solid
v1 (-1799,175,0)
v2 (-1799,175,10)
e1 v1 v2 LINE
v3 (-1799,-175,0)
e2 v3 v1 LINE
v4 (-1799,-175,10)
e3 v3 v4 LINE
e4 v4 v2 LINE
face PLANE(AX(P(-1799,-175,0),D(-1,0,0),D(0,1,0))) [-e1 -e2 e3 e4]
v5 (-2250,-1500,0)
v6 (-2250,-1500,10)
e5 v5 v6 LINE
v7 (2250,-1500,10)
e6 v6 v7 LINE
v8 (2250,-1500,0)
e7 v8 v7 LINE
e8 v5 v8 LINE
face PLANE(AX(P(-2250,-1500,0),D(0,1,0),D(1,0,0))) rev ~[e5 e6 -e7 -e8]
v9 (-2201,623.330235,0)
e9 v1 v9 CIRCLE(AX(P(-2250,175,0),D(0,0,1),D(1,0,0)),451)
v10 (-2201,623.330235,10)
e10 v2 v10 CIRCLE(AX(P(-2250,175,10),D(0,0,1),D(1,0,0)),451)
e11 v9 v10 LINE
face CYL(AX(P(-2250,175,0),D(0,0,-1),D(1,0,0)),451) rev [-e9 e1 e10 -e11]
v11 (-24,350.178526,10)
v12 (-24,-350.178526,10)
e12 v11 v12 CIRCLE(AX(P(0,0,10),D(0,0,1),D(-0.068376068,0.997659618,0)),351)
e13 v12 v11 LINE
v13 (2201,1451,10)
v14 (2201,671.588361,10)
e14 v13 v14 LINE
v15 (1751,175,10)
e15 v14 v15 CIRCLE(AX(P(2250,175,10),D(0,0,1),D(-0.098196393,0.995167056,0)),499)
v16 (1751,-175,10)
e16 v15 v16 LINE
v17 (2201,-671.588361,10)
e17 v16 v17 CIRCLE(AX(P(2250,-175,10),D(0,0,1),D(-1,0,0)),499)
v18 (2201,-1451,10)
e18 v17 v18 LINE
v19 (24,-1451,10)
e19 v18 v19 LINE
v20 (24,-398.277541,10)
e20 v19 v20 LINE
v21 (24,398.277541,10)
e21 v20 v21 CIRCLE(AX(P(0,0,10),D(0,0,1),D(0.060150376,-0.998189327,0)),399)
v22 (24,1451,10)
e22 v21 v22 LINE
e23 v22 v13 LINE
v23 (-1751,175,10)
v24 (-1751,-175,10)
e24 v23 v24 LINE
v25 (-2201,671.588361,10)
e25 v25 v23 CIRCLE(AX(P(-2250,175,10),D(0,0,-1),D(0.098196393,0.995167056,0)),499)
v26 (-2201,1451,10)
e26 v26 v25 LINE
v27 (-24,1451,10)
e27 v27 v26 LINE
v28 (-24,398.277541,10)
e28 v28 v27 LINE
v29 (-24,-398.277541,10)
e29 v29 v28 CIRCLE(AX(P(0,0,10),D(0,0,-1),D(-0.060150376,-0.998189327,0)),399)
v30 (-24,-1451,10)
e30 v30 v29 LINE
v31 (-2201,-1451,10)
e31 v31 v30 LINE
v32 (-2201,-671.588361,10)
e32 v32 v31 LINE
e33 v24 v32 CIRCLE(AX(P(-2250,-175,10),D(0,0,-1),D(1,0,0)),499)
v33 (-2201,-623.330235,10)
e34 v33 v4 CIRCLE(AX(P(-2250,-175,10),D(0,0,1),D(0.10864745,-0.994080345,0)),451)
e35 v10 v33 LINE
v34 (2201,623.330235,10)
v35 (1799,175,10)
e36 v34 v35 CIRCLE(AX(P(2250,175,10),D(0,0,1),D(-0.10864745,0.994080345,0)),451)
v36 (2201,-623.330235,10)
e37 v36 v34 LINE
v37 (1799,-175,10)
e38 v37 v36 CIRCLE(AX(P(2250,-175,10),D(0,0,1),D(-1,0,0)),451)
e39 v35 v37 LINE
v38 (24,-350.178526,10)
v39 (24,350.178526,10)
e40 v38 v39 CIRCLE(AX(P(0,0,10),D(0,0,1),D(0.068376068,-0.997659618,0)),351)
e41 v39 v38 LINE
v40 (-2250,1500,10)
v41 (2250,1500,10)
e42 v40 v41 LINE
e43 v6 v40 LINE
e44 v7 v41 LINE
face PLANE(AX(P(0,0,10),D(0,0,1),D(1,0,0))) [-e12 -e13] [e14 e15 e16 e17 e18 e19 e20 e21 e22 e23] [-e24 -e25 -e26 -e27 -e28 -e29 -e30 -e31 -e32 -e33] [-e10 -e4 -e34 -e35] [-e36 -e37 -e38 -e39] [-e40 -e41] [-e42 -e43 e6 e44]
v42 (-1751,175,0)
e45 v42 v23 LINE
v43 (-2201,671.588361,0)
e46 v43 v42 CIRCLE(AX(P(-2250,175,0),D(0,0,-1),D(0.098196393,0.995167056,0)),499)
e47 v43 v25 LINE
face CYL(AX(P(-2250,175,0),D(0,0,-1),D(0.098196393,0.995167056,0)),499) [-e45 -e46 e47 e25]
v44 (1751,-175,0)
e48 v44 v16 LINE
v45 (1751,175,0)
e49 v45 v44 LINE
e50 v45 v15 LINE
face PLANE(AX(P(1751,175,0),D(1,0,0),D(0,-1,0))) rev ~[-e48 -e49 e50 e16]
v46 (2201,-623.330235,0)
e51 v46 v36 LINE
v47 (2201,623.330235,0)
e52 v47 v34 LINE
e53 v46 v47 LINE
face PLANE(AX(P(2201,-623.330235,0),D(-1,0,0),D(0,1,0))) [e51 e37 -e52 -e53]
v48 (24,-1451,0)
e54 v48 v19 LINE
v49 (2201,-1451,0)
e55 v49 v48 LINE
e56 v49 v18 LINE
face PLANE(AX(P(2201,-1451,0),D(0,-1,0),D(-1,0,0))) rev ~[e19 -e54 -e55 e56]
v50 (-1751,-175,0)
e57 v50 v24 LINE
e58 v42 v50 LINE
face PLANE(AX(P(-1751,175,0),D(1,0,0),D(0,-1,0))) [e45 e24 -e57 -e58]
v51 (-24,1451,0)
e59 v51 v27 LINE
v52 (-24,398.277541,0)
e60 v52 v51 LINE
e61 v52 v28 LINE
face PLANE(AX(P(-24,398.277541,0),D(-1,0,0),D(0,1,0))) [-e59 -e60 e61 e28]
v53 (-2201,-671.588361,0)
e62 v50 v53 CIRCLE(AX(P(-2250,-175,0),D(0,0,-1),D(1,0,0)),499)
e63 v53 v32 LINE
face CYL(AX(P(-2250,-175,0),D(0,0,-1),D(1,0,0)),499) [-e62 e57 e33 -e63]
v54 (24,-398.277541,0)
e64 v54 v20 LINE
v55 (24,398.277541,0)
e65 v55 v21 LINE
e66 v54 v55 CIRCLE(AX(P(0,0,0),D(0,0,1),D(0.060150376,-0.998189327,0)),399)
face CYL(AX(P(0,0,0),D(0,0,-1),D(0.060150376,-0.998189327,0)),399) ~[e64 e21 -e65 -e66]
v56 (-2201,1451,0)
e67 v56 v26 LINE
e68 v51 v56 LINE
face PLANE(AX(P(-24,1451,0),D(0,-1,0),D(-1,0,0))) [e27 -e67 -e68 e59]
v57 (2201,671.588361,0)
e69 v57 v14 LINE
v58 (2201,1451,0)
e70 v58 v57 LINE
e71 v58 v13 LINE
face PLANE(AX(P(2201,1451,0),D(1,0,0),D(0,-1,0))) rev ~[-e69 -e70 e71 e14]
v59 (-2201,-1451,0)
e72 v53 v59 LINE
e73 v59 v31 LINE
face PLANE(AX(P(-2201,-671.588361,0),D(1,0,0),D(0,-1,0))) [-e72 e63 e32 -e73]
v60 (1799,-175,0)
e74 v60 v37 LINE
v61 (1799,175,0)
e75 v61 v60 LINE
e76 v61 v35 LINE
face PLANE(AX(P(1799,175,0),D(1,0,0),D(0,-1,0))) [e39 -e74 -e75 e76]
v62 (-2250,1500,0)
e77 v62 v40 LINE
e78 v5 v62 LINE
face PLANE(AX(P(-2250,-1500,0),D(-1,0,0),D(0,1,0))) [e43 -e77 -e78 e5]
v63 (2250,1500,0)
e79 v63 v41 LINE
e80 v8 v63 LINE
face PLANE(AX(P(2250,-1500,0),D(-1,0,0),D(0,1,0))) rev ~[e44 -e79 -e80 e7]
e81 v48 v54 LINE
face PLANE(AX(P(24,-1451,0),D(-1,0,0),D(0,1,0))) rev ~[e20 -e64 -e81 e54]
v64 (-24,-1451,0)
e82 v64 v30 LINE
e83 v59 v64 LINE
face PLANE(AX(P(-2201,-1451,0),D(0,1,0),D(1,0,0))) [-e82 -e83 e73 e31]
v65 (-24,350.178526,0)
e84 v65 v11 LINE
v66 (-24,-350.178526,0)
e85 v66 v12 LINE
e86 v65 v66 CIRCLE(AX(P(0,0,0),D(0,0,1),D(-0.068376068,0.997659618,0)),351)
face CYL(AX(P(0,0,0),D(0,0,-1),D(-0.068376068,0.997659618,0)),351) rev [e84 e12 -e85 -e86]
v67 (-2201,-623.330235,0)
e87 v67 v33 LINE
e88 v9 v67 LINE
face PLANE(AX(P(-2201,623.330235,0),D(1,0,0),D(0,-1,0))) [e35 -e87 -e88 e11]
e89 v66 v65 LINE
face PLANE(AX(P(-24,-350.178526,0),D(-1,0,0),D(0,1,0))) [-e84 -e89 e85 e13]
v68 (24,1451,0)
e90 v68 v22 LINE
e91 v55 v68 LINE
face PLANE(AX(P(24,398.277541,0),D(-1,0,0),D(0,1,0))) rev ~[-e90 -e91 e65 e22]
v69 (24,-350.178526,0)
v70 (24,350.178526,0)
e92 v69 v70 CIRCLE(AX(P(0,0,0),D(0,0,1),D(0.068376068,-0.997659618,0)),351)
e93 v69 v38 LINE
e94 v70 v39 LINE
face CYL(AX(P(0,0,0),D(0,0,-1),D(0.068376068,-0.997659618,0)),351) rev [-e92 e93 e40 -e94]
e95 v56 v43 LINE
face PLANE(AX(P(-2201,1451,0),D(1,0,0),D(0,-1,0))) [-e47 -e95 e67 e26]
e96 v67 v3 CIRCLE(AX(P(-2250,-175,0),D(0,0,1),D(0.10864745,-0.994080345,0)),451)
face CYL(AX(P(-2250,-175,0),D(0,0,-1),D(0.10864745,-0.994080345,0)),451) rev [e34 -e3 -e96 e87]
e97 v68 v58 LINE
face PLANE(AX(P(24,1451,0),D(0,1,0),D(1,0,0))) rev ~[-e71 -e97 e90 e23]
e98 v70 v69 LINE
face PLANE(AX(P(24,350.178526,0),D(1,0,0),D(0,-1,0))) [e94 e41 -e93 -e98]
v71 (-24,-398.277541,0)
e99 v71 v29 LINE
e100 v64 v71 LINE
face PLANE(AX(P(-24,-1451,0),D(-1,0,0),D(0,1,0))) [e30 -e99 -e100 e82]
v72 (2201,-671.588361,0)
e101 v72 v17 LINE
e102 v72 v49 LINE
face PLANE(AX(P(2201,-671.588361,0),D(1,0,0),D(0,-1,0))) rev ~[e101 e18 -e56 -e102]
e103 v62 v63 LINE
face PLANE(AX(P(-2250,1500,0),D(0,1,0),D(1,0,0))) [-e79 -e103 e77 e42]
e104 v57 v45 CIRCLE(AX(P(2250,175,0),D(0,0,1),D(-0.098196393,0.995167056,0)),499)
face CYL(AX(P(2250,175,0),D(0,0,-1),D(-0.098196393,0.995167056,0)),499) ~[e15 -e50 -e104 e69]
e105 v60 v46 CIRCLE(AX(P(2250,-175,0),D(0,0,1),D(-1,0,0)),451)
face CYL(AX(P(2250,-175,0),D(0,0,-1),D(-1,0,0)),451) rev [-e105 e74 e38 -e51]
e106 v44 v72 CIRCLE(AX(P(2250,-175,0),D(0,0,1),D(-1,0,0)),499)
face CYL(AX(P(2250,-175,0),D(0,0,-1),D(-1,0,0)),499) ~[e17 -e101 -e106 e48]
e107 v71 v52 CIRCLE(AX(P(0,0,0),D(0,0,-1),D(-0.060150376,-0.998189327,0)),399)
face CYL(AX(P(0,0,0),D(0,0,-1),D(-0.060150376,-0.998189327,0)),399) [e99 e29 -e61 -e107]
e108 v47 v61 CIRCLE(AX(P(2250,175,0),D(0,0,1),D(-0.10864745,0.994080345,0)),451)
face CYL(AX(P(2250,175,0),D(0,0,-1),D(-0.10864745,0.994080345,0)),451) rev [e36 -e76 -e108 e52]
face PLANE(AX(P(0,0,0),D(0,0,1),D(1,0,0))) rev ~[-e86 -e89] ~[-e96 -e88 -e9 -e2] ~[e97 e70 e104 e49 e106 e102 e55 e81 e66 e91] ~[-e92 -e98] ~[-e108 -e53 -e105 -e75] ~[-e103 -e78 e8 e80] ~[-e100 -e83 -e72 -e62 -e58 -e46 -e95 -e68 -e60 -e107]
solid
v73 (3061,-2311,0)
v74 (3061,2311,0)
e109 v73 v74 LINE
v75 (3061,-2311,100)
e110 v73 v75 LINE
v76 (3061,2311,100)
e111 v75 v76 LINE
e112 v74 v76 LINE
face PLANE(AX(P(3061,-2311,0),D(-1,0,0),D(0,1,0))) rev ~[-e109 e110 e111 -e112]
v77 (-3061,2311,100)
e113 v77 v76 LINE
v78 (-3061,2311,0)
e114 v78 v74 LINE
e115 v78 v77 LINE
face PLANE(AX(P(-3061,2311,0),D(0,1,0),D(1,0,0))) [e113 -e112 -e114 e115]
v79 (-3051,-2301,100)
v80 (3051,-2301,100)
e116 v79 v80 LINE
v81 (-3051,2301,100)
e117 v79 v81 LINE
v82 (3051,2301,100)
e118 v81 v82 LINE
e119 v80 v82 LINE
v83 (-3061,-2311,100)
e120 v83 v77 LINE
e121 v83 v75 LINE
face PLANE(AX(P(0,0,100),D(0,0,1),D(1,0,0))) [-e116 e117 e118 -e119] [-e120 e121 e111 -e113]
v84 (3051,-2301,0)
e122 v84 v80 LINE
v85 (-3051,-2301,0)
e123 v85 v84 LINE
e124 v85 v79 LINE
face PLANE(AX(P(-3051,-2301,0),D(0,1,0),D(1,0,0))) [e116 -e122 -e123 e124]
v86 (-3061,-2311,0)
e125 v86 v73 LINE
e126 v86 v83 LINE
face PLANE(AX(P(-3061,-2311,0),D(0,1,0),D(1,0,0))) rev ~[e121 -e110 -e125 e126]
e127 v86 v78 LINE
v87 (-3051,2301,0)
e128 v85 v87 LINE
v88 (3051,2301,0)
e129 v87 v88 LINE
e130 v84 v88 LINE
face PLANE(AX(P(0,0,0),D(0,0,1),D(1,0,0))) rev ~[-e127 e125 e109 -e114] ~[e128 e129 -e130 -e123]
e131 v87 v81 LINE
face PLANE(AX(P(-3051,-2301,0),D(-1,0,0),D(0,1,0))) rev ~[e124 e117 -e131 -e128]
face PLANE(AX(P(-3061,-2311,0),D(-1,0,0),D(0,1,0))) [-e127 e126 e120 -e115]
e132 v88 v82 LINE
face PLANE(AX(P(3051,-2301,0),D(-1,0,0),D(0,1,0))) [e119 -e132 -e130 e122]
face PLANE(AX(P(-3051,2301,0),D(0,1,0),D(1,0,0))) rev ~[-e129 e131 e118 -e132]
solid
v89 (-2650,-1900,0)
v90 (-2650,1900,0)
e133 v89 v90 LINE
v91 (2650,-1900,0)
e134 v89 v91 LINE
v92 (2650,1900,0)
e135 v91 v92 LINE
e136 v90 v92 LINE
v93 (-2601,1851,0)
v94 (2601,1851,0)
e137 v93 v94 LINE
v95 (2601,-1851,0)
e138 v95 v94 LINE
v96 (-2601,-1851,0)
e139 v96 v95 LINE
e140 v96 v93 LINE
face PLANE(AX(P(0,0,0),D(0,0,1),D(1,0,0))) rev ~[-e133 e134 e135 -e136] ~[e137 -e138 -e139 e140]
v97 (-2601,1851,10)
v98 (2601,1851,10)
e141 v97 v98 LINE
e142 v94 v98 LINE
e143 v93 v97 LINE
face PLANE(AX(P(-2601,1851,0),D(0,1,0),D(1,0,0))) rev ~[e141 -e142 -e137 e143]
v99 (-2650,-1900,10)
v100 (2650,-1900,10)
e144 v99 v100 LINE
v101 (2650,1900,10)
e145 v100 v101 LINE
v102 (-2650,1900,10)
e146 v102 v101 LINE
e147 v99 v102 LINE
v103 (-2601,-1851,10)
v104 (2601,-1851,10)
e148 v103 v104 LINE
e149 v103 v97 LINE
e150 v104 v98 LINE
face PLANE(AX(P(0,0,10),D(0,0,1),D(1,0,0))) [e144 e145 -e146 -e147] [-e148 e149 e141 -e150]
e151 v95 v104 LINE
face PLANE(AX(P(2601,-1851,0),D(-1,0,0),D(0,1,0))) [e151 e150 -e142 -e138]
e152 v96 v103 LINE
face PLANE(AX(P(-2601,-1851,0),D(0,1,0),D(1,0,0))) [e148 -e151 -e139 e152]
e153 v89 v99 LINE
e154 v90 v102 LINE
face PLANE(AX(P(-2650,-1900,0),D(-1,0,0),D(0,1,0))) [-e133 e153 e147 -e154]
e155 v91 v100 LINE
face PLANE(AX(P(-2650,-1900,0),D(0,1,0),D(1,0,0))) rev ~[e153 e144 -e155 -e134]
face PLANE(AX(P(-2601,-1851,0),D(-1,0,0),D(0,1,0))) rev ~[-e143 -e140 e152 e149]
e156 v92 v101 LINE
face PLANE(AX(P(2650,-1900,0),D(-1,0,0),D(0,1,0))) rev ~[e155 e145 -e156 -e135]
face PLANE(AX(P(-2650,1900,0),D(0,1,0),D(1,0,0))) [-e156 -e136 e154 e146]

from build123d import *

# Parameters (mm, degrees)
SKETCH1_W             = 4500
SKETCH1_H             = 3000
BOSS_EXTRUDE1_DEPTH   = 10
SKETCH1_W_2           = 5300
SKETCH1_H_2           = 3800
SKETCH1_W_3           = 5202
SKETCH1_H_3           = 3702
BOSS_EXTRUDE1_2_DEPTH = 10
SKETCH1_3_W           = 6122
SKETCH1_3_H           = 4622
SKETCH1_3_W_2         = 6102
SKETCH1_3_H_2         = 4602
BOSS_EXTRUDE2_DEPTH   = 100


with BuildPart() as part:
    # Sketch1 → Boss-Extrude1 (new body)
    with BuildSketch(Plane.XY):
        Rectangle(SKETCH1_W, SKETCH1_H)
        with BuildLine():
            ThreePointArc((1799, -175), (1914.217332192, -476.083045022), (2201, -623.330235429))
            Line((2201, -623.330235429), (2201, 623.330235429))
            ThreePointArc((2201, 623.330235429), (1914.217332192, 476.083045022), (1799, 175))
            Line((1799, 175), (1799, -175))
        make_face(mode=Mode.SUBTRACT)
        with BuildLine():
            Line((-24, 398.277541421), (-24, 1451))
            Line((-24, 1451), (-2201, 1451))
            Line((-2201, 1451), (-2201, 671.588360717))
            ThreePointArc((-2201, 671.588360717), (-1880.235209897, 510.074618555), (-1751, 175))
            Line((-1751, 175), (-1751, -175))
            ThreePointArc((-1751, -175), (-1880.235209897, -510.074618555), (-2201, -671.588360717))
            Line((-2201, -671.588360717), (-2201, -1451))
            Line((-2201, -1451), (-24, -1451))
            Line((-24, -1451), (-24, -398.277541421))
            ThreePointArc((-24, -398.277541421), (-399, 0), (-24, 398.277541421))
        make_face(mode=Mode.SUBTRACT)
        with BuildLine():
            ThreePointArc((-2201, -623.330235429), (-1914.217332192, -476.083045022), (-1799, -175))
            Line((-1799, -175), (-1799, 175))
            ThreePointArc((-1799, 175), (-1914.217332192, 476.083045022), (-2201, 623.330235429))
            Line((-2201, 623.330235429), (-2201, -623.330235429))
        make_face(mode=Mode.SUBTRACT)
        with BuildLine():
            ThreePointArc((-24, 350.178525898), (-351, 0), (-24, -350.178525898))
            Line((-24, -350.178525898), (-24, 350.178525898))
        make_face(mode=Mode.SUBTRACT)
        with BuildLine():
            ThreePointArc((24, -350.178525898), (351, 0), (24, 350.178525898))
            Line((24, 350.178525898), (24, -350.178525898))
        make_face(mode=Mode.SUBTRACT)
        with BuildLine():
            Line((24, -1451), (24, -398.277541421))
            ThreePointArc((24, -398.277541421), (399, 0), (24, 398.277541421))
            Line((24, 398.277541421), (24, 1451))
            Line((24, 1451), (2201, 1451))
            Line((2201, 1451), (2201, 671.588360717))
            ThreePointArc((2201, 671.588360717), (1880.235209897, 510.074618555), (1751, 175))
            Line((1751, 175), (1751, -175))
            ThreePointArc((1751, -175), (1880.235209897, -510.074618555), (2201, -671.588360717))
            Line((2201, -671.588360717), (2201, -1451))
            Line((2201, -1451), (24, -1451))
        make_face(mode=Mode.SUBTRACT)
    extrude(amount=BOSS_EXTRUDE1_DEPTH)


with BuildPart() as body_2:
    # Sketch1 → Boss-Extrude1 2 (new body)
    with BuildSketch(Plane.XY):
        Rectangle(SKETCH1_W_2, SKETCH1_H_2)
        Rectangle(SKETCH1_W_3, SKETCH1_H_3, mode=Mode.SUBTRACT)
    extrude(amount=BOSS_EXTRUDE1_2_DEPTH)


with BuildPart() as body_3:
    # Sketch1<3> → Boss-Extrude2 (new body)
    with BuildSketch(Plane.XY):
        Rectangle(SKETCH1_3_W, SKETCH1_3_H)
        Rectangle(SKETCH1_3_W_2, SKETCH1_3_H_2, mode=Mode.SUBTRACT)
    extrude(amount=BOSS_EXTRUDE2_DEPTH)


solid = Compound([part.part, body_2.part, body_3.part])
